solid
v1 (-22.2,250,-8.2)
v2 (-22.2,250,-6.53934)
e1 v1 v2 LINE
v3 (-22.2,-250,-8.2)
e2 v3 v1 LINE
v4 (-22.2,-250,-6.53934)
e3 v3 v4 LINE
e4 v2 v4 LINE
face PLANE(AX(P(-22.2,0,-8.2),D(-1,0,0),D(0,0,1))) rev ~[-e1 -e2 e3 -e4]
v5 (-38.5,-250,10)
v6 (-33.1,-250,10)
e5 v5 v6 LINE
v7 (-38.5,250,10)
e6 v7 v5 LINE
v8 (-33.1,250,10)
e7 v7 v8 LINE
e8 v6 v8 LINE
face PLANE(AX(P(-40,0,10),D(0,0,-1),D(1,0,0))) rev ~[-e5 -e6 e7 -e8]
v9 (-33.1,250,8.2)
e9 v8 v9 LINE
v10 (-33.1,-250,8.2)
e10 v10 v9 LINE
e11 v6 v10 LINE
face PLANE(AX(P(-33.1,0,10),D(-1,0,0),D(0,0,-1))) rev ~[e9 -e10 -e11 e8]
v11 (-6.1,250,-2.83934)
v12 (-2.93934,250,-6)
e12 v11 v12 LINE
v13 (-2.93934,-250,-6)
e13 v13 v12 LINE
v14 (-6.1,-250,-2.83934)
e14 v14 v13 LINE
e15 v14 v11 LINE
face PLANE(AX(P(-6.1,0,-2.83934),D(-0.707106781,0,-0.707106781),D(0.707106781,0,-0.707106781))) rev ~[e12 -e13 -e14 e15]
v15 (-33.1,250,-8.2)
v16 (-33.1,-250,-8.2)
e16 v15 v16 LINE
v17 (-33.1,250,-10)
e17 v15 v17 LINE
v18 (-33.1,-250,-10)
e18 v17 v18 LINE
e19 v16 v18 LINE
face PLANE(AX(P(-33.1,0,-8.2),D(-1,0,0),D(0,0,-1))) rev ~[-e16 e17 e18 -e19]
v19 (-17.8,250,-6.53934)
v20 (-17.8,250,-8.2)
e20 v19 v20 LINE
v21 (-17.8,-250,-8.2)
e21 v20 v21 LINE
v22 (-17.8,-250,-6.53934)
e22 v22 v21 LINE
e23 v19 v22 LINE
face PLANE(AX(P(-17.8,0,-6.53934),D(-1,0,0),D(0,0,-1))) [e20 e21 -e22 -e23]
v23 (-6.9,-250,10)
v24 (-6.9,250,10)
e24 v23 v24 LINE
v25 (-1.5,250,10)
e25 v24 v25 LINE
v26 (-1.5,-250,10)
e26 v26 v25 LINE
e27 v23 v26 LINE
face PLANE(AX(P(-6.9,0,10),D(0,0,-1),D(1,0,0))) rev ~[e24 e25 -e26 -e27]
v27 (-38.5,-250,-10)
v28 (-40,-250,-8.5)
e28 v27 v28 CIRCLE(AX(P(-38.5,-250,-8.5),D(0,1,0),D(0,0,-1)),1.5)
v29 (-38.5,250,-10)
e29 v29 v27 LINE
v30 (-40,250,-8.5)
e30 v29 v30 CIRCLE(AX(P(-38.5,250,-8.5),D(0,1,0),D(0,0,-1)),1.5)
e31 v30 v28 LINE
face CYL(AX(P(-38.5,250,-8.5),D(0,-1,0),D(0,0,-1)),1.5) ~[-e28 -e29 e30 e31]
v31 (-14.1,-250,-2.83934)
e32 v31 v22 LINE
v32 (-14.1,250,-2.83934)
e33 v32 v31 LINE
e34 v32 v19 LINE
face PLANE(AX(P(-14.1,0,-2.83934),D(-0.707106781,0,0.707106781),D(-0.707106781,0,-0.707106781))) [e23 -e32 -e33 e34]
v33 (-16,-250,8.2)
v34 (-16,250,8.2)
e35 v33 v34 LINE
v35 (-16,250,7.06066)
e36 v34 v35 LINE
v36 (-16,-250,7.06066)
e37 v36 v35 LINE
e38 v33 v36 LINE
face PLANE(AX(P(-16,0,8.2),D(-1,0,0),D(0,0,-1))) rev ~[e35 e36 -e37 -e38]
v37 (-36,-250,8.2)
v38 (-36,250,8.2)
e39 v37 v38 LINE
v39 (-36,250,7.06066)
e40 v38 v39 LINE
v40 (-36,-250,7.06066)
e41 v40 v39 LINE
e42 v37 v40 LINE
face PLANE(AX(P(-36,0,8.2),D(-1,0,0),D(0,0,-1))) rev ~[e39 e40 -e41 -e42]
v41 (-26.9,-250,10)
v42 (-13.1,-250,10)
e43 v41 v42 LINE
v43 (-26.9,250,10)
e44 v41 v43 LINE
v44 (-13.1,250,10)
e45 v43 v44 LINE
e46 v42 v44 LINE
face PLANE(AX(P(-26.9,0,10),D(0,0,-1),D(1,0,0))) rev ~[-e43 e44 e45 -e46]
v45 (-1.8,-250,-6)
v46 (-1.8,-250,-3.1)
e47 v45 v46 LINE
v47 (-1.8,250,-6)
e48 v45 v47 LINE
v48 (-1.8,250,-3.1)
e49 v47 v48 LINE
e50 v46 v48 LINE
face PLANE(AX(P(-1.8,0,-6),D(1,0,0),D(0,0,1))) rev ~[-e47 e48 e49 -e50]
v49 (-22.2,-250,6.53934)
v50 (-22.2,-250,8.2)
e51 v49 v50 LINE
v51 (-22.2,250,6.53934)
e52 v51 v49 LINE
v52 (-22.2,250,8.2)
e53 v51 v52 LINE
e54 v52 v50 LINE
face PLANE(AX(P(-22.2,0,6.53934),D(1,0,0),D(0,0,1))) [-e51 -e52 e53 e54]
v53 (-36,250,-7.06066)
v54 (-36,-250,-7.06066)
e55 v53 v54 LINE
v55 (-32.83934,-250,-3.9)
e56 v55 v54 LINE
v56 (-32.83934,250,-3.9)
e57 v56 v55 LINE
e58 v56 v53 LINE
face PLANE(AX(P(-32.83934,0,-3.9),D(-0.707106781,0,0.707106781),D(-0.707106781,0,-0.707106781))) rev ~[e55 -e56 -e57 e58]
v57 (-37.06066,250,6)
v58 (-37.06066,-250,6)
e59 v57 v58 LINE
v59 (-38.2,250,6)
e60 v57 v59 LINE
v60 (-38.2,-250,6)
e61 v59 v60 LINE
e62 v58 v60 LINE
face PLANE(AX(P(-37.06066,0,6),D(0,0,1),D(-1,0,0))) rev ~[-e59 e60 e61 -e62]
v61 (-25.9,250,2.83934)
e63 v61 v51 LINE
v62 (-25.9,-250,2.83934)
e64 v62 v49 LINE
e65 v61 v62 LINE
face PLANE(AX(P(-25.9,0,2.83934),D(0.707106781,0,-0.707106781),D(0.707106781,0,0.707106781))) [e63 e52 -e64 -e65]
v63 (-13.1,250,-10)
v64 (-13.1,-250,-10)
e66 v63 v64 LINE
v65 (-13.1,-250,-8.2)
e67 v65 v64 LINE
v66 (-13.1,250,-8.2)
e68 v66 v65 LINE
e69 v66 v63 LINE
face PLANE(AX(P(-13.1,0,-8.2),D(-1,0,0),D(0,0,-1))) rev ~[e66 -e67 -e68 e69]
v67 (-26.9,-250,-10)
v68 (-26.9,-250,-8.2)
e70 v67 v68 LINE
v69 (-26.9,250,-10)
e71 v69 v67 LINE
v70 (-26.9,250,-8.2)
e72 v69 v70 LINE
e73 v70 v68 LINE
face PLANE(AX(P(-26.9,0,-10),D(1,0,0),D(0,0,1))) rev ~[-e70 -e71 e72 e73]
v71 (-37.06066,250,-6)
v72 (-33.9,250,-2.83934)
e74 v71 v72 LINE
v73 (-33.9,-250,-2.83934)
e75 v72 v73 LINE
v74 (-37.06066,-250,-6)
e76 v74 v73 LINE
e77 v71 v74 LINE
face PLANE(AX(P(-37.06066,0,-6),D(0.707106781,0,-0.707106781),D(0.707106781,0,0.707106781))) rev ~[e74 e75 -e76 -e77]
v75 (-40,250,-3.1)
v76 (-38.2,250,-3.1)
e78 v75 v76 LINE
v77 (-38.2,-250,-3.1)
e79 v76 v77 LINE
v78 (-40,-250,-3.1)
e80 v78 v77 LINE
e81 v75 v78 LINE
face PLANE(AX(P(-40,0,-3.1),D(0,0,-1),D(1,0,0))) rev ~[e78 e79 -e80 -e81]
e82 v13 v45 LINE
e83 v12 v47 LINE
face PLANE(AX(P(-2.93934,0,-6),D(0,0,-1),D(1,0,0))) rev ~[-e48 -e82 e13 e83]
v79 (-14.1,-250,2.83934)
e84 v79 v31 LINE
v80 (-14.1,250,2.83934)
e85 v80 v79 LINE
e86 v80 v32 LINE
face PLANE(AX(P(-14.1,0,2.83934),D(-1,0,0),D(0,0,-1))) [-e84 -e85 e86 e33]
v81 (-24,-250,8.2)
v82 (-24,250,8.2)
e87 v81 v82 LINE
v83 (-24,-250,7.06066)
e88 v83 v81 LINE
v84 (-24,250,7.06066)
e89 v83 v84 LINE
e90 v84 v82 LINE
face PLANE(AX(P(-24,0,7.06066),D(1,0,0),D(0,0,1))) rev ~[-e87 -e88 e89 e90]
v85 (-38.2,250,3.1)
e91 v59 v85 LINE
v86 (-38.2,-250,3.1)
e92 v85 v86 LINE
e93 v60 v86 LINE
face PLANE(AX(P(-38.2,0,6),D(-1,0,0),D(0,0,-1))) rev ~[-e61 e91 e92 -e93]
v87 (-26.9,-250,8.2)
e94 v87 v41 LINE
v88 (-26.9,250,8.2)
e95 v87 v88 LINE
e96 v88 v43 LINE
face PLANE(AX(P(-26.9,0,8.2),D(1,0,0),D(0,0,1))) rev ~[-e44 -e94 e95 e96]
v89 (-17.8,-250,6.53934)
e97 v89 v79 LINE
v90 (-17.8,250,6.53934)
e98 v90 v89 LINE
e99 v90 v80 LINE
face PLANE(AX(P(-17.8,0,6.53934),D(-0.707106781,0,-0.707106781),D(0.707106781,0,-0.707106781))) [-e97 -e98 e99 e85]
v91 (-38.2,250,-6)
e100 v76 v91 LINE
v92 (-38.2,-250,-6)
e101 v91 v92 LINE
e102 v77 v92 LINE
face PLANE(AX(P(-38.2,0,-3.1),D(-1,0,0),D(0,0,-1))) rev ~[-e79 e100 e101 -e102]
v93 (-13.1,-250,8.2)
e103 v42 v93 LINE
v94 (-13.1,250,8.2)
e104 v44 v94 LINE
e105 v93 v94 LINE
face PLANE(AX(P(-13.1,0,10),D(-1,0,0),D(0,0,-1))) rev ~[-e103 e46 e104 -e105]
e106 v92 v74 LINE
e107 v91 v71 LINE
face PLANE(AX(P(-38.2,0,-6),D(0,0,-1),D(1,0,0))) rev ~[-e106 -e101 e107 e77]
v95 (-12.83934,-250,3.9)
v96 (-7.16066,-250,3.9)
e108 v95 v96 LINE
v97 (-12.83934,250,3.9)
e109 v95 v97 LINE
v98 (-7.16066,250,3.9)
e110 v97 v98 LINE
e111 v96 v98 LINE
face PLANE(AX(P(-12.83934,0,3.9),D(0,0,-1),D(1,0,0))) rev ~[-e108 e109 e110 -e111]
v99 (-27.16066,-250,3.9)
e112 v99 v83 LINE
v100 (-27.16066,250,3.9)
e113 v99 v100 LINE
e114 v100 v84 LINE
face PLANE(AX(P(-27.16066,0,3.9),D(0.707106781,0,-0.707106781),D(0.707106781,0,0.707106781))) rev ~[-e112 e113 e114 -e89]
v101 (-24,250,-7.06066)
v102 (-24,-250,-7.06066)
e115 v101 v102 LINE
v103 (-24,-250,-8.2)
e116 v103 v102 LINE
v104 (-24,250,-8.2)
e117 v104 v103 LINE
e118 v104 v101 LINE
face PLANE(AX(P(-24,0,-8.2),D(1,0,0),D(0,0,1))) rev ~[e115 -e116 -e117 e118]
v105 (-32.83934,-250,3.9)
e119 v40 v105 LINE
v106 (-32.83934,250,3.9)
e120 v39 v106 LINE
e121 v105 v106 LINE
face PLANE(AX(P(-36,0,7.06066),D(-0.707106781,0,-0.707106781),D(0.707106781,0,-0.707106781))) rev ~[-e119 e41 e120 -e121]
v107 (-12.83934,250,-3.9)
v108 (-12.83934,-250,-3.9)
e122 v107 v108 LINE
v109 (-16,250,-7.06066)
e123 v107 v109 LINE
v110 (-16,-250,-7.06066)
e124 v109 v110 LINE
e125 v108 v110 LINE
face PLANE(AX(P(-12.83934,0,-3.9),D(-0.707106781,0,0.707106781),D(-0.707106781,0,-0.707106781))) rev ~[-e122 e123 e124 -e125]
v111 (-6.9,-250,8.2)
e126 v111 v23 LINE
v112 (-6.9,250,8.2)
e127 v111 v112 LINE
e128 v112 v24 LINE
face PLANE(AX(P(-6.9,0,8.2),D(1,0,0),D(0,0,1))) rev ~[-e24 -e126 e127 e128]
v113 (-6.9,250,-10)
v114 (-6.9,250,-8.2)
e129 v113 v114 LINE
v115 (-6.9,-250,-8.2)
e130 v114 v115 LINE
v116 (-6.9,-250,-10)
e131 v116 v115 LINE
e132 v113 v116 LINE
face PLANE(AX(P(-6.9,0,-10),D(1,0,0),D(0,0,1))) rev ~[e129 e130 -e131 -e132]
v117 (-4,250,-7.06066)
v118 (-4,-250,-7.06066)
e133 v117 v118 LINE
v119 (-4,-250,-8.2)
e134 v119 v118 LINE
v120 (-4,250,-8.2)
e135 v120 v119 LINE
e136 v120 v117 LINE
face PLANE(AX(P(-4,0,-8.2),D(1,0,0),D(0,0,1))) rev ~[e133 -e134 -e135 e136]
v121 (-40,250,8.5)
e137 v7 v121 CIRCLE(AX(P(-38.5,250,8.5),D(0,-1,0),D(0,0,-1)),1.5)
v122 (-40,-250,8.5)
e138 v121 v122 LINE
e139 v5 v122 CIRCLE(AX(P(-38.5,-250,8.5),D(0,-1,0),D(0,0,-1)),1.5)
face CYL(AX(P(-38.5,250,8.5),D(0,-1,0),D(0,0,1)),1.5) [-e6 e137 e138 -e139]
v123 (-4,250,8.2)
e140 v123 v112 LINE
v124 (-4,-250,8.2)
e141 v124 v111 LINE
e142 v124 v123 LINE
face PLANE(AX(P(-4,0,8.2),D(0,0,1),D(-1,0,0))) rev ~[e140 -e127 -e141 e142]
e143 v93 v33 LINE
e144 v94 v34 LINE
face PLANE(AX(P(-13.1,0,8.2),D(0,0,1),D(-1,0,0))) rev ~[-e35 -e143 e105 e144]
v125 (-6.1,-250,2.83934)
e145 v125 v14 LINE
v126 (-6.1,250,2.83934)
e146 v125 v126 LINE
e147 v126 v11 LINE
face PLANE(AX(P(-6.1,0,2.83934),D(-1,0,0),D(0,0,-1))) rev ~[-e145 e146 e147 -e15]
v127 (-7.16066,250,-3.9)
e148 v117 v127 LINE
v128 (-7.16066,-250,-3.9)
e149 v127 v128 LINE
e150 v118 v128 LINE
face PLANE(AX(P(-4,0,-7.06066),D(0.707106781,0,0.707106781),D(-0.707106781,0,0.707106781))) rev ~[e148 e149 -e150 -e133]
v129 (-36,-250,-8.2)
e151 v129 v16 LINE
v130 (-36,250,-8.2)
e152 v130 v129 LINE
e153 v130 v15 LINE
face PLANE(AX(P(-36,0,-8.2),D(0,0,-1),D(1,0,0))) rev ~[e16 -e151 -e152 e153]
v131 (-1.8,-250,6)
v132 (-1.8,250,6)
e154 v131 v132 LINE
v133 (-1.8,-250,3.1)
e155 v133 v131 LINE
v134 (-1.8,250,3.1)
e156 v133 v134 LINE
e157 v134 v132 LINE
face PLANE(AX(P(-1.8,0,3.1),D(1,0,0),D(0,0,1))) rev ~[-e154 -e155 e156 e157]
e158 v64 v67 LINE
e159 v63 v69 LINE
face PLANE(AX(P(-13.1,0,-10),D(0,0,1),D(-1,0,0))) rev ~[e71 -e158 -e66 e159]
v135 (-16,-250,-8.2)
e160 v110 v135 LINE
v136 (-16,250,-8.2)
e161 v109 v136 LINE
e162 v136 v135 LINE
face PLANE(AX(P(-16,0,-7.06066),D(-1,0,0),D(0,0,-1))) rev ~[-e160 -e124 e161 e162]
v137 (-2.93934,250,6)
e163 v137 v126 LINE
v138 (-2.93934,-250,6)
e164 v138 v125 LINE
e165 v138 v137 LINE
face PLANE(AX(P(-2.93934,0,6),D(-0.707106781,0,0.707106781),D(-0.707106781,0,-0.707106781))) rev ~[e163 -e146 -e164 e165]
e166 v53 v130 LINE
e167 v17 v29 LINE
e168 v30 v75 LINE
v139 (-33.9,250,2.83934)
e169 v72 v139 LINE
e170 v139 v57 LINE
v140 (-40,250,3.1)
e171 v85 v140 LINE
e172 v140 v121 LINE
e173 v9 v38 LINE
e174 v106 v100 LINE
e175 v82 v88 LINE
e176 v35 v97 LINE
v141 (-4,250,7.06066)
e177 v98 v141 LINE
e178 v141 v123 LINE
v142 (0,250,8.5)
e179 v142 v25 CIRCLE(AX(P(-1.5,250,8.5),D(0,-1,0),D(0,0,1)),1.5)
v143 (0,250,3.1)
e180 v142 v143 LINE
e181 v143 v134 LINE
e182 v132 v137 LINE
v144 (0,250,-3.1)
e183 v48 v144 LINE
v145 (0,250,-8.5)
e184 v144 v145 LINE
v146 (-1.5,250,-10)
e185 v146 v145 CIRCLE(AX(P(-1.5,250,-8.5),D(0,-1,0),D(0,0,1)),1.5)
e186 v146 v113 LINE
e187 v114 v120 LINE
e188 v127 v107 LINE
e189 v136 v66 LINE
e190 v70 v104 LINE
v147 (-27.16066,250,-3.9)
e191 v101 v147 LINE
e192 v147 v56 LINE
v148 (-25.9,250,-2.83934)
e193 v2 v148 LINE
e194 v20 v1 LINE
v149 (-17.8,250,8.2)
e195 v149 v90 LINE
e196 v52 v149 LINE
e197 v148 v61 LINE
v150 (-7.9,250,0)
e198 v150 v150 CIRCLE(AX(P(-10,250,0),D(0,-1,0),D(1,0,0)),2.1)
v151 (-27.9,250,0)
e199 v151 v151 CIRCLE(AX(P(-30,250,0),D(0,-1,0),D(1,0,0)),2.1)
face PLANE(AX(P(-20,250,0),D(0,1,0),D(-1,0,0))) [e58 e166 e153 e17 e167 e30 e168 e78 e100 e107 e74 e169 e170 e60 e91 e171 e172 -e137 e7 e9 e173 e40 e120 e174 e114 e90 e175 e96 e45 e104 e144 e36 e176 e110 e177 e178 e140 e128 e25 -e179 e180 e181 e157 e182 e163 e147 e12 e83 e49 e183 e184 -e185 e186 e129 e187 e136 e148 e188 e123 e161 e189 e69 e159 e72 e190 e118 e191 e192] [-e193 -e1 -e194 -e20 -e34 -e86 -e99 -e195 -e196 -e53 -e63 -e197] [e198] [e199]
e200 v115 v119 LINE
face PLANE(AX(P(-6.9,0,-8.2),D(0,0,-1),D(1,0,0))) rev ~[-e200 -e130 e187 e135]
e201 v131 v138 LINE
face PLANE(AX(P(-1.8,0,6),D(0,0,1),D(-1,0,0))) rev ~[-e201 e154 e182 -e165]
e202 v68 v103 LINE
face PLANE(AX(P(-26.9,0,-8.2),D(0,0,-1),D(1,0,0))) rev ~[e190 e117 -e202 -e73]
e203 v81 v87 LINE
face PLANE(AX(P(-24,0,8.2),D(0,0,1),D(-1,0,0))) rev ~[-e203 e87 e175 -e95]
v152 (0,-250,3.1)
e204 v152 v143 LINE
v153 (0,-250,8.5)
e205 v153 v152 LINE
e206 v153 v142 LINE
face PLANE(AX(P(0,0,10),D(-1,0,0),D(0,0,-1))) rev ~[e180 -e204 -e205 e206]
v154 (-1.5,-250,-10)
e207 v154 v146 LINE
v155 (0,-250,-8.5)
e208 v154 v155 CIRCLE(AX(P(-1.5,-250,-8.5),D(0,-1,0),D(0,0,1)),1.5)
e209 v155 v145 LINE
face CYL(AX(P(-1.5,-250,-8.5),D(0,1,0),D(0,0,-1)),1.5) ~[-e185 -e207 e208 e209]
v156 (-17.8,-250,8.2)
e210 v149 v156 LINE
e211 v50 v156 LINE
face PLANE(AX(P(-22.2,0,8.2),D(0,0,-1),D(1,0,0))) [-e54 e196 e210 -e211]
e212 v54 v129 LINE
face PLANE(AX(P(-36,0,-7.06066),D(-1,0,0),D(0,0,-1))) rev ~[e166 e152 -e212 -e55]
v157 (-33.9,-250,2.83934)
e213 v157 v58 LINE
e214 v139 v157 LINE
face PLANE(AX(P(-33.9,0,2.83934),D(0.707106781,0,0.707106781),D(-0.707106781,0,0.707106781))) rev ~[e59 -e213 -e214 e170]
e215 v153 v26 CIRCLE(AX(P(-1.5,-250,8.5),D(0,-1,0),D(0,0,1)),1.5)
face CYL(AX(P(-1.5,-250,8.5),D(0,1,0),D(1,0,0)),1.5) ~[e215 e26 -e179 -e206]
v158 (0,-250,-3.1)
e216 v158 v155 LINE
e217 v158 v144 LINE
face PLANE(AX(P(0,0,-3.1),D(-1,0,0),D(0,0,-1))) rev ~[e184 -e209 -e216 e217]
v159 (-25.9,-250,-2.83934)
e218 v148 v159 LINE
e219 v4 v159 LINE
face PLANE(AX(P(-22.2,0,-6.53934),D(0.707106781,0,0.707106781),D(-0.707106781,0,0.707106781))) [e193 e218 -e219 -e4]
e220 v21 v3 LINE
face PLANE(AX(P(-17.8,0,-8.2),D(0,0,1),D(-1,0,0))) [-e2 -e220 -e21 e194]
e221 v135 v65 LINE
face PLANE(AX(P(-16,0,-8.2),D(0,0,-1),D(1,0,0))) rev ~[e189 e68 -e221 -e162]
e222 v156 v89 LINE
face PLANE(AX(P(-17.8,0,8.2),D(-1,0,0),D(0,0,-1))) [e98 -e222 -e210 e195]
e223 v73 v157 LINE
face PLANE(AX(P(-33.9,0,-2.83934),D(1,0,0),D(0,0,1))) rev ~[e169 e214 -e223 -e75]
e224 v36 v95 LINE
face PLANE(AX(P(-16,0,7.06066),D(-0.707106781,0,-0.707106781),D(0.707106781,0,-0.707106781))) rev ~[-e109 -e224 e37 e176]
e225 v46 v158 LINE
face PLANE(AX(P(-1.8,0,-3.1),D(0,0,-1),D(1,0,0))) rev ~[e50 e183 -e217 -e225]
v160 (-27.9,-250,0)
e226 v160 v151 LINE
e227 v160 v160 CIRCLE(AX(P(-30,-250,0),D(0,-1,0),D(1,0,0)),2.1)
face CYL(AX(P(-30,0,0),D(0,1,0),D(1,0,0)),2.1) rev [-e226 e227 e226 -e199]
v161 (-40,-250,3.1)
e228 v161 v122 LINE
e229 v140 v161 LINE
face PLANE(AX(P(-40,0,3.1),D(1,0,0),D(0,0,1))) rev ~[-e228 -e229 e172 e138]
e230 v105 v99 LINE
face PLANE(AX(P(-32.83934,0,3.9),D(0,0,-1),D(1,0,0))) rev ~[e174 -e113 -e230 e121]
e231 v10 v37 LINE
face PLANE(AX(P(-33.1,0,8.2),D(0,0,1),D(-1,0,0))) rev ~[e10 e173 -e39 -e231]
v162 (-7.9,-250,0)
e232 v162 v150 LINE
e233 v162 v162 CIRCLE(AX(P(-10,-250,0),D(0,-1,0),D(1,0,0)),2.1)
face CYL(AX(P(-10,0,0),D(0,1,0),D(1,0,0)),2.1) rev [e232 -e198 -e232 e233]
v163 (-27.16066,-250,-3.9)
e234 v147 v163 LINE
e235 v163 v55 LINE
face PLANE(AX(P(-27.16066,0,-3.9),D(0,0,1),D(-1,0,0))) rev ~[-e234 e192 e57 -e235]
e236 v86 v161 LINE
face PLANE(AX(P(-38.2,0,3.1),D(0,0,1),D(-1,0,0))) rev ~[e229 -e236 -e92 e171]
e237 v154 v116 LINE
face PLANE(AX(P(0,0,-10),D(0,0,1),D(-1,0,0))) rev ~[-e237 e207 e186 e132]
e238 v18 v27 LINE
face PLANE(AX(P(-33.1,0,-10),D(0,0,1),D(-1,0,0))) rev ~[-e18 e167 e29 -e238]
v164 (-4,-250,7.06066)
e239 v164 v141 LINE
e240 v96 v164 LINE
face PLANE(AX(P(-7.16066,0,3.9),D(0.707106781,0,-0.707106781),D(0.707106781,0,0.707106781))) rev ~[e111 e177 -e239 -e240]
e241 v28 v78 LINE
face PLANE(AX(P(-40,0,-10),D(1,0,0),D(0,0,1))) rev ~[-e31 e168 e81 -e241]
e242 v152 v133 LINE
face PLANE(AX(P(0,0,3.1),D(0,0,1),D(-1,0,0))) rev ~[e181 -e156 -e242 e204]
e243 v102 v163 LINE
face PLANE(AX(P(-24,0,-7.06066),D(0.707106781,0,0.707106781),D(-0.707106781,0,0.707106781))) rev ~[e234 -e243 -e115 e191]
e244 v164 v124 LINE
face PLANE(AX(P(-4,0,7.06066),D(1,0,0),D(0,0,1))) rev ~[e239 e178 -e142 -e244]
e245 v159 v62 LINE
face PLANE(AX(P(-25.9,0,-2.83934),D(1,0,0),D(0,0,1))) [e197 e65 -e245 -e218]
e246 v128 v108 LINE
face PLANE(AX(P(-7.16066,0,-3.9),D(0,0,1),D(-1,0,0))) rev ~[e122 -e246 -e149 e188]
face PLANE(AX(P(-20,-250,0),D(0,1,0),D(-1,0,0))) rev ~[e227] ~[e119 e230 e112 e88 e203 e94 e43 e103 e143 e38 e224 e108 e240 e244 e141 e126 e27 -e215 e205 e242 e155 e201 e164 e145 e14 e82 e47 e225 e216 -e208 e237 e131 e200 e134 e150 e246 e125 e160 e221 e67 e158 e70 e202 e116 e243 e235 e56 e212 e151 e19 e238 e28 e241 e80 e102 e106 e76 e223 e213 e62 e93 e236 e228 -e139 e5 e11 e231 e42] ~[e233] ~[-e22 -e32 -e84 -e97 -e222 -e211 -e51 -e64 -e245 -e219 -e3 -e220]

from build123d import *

# Parameters (mm, degrees)
SKETCH_R  = 2.1
PAD_DEPTH = 250
FILLET_R  = 1.5


with BuildPart() as part:
    # Sketch → Pad (new body, symmetric)
    with BuildSketch(Plane.XZ):
        Polygon((-10, 10), (-3.1, 10), (-3.1, 8.2), (-6, 8.2), (-6, 7.06066), (-2.83934, 3.9), (2.83934, 3.9), (6, 7.06066), (6, 8.2), (3.1, 8.2), (3.1, 10), (16.9, 10), (16.9, 8.2), (14, 8.2), (14, 7.06066), (17.16066, 3.9), (22.83934, 3.9), (26, 7.06066), (26, 8.2), (23.1, 8.2), (23.1, 10), (30, 10), (30, 3.1), (28.2, 3.1), (28.2, 6), (27.06066, 6), (23.9, 2.83934), (23.9, -2.83934), (27.06066, -6), (28.2, -6), (28.2, -3.1), (30, -3.1), (30, -10), (23.1, -10), (23.1, -8.2), (26, -8.2), (26, -7.06066), (22.83934, -3.9), (17.16066, -3.9), (14, -7.06066), (14, -8.2), (16.9, -8.2), (16.9, -10), (3.1, -10), (3.1, -8.2), (6, -8.2), (6, -7.06066), (2.83934, -3.9), (-2.83934, -3.9), (-6, -7.06066), (-6, -8.2), (-3.1, -8.2), (-3.1, -10), (-10, -10), (-10, -3.1), (-8.2, -3.1), (-8.2, -6), (-7.06066, -6), (-3.9, -2.83934), (-3.9, 2.83934), (-7.06066, 6), (-8.2, 6), (-8.2, 3.1), (-10, 3.1), align=None)
        Circle(SKETCH_R, mode=Mode.SUBTRACT)
        with Locations((20, 0)):
            Circle(SKETCH_R, mode=Mode.SUBTRACT)
        Polygon((7.8, -6.53934), (4.1, -2.83934), (4.1, 2.83934), (7.8, 6.53934), (7.8, 8.2), (12.2, 8.2), (12.2, 6.53934), (15.9, 2.83934), (15.9, -2.83934), (12.2, -6.53934), (12.2, -8.2), (7.8, -8.2), align=None, mode=Mode.SUBTRACT)
    extrude(amount=PAD_DEPTH, both=True)

    # Fillet
    fillet_edges = [part.edges().sort_by_distance(p)[0] for p in [
        (-10, 0, 10),
        (30, 0, 10),
        (30, 0, -10),
        (-10, 0, -10),
    ]]
    fillet(fillet_edges, radius=FILLET_R)


with BuildPart() as part_1:
    # Body placement: moved
    add(part.part.moved(Location((-30, 0, 0))))


solid = part_1.part
